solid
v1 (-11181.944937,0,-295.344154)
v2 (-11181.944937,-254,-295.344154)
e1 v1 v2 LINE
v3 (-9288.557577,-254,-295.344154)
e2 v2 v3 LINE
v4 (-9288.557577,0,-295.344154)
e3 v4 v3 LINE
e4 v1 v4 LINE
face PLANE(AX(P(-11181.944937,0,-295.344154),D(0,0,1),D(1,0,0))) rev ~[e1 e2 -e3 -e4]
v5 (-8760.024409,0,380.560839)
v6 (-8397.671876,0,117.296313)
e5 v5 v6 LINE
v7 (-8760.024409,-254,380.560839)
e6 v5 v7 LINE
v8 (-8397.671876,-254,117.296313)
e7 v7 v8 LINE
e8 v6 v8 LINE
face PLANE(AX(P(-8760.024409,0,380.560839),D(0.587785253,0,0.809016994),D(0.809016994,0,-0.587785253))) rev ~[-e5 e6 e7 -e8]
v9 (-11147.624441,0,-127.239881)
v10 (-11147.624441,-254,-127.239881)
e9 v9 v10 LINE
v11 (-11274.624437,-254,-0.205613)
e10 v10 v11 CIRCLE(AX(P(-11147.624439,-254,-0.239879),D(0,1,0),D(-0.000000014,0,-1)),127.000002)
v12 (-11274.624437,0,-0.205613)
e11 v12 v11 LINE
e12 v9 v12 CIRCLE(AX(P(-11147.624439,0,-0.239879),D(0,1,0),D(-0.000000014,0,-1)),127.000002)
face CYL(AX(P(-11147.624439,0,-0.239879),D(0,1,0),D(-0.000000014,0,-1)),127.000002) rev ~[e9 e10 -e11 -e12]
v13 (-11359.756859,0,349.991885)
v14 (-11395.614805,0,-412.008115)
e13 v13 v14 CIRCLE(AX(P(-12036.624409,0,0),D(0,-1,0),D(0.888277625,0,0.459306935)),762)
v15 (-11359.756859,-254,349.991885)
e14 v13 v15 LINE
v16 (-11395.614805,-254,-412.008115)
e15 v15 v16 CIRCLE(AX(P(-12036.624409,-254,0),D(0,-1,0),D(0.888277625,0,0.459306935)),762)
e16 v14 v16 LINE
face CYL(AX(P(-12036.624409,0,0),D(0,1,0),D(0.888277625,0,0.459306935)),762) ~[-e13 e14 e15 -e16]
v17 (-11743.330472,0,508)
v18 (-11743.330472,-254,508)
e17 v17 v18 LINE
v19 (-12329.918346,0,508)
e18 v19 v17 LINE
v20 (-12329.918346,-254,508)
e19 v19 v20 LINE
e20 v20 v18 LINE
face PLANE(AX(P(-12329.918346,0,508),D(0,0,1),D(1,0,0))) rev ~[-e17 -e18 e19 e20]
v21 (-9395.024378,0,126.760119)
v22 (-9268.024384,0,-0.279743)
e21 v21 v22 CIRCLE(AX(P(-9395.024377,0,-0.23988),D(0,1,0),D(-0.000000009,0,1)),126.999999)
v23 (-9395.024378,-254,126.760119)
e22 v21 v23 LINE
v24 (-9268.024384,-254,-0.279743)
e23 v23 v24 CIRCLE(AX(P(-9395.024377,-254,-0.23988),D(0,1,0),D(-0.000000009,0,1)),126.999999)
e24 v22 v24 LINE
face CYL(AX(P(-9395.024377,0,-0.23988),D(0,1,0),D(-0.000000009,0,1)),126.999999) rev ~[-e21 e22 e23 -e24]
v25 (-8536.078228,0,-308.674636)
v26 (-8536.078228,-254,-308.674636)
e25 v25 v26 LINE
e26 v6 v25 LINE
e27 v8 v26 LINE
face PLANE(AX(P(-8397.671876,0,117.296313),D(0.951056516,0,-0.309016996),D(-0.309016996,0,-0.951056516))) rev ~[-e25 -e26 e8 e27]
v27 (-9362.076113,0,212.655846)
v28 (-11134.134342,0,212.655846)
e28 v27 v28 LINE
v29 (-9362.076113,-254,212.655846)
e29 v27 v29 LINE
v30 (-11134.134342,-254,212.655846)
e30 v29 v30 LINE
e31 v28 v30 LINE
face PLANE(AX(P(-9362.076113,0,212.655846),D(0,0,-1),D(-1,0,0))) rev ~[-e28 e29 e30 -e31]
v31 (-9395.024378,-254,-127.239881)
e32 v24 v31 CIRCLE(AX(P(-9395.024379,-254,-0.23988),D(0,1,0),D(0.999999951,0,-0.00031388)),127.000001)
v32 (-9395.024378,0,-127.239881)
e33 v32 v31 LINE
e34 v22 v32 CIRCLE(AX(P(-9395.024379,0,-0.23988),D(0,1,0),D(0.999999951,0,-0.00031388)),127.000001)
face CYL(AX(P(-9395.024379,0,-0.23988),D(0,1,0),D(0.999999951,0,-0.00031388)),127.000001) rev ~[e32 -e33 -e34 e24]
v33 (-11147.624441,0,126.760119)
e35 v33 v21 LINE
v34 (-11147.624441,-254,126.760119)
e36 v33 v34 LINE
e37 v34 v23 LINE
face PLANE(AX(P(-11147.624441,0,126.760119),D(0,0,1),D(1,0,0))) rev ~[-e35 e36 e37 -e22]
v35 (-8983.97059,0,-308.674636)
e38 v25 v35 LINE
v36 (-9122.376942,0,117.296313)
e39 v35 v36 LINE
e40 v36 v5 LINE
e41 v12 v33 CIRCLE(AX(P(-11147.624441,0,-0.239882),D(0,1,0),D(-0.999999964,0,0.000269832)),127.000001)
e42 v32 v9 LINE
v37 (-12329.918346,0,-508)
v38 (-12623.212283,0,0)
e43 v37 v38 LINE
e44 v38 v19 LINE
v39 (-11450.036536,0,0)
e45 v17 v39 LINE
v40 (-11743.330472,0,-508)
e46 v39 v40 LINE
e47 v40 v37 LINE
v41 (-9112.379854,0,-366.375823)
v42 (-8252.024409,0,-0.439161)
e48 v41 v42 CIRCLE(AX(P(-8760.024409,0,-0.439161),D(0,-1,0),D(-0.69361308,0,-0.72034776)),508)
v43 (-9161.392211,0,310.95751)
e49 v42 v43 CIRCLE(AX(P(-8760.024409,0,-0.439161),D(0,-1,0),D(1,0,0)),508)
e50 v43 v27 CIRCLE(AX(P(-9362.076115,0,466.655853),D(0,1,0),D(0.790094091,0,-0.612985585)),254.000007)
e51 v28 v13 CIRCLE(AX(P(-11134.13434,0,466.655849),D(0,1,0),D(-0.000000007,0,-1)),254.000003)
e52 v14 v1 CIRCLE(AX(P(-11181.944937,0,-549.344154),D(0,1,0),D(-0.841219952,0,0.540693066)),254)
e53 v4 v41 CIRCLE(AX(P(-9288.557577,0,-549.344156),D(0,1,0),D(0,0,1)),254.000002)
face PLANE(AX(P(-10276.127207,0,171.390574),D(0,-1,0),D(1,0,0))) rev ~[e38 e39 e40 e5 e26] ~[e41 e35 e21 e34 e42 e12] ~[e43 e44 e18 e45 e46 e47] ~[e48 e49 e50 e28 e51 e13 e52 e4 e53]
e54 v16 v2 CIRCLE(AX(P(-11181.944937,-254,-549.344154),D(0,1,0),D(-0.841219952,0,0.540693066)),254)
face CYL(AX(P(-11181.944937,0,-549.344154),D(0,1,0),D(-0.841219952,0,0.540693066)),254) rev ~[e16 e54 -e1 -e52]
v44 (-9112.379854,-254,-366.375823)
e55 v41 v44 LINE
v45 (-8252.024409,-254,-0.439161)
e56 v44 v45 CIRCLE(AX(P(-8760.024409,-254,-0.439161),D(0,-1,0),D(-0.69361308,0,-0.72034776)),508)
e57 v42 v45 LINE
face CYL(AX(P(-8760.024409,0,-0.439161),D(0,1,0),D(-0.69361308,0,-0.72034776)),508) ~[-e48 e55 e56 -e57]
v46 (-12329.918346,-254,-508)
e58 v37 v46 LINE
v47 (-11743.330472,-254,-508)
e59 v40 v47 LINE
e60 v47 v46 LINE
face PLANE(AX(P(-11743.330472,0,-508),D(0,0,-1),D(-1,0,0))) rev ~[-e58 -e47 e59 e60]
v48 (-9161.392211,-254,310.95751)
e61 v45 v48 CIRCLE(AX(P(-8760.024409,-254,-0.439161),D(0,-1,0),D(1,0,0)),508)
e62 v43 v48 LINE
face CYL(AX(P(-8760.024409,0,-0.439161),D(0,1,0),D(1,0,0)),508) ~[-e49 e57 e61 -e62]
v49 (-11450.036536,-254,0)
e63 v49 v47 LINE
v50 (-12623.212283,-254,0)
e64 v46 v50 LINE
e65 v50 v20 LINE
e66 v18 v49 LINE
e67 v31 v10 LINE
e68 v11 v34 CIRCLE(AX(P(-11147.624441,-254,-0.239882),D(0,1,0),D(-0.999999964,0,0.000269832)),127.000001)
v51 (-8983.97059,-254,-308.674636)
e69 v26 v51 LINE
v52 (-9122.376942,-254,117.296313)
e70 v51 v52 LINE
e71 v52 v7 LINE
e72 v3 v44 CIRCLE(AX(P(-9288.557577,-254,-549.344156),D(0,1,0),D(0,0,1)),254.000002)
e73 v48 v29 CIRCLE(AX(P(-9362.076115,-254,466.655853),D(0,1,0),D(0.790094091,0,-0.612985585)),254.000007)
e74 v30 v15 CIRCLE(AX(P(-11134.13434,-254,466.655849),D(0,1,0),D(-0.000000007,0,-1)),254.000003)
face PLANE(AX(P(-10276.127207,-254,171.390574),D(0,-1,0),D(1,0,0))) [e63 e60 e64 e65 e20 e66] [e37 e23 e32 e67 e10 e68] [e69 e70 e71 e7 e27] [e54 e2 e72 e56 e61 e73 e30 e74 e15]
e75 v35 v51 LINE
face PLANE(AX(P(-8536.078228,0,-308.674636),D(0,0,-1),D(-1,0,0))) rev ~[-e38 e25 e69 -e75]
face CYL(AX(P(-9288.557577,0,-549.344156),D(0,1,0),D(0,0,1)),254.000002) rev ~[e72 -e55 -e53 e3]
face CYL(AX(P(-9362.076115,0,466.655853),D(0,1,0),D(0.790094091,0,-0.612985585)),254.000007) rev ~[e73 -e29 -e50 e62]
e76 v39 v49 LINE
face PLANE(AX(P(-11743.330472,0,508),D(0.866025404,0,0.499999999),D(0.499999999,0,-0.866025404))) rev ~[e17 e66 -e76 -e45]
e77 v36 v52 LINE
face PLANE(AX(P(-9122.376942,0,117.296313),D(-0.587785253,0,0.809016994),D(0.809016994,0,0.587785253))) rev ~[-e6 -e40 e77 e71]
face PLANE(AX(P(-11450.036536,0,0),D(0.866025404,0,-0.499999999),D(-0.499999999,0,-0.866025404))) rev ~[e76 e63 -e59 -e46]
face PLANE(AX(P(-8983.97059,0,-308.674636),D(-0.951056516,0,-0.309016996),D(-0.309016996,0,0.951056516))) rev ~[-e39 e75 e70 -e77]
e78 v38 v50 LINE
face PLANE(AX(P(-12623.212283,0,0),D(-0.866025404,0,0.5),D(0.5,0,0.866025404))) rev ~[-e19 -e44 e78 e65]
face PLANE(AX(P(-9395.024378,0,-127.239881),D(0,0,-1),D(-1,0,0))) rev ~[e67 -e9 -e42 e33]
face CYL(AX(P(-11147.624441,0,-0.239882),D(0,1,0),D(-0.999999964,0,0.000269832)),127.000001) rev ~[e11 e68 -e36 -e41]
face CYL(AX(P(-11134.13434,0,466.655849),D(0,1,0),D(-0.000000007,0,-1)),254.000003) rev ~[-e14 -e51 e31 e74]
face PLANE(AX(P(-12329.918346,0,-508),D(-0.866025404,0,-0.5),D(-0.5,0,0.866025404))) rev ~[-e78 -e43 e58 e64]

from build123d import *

# Parameters (mm, degrees)
F1_DEPTH = 254


with BuildPart() as f1:
    # F0 (on Front) → F1 (new body)
    with BuildSketch(Plane.XZ):
        with BuildLine():
            ThreePointArc((-11359.756859, 349.991885), (-11296.21335, 180.098482), (-11274.624409, 0))
            ThreePointArc((-11274.624409, 0), (-11274.624416, -0.102806), (-11274.624437, -0.205613))
            ThreePointArc((-11274.624437, -0.205613), (-11237.414886, 89.574795), (-11147.624441, 126.760119))
            Line((-11147.624441, 126.760119), (-9395.024378, 126.760119))
            ThreePointArc((-9395.024378, 126.760119), (-9305.207724, 89.548586), (-9268.024384, -0.279743))
            ThreePointArc((-9268.024384, -0.279743), (-9240.601765, 164.210176), (-9161.392211, 310.95751))
            ThreePointArc((-9161.392211, 310.95751), (-9250.342898, 238.55129), (-9362.076113, 212.655846))
            Line((-9362.076113, 212.655846), (-11134.134342, 212.655846))
            ThreePointArc((-11134.134342, 212.655846), (-11266.201283, 249.689667), (-11359.756859, 349.991885))
        make_face()
        with BuildLine():
            ThreePointArc((-11274.624437, -0.205613), (-11274.624416, -0.102806), (-11274.624409, 0))
            ThreePointArc((-11274.624409, 0), (-11296.21335, 180.098482), (-11359.756859, 349.991885))
            ThreePointArc((-11359.756859, 349.991885), (-12797.782112, 35.818309), (-11395.614805, -412.008115))
            ThreePointArc((-11395.614805, -412.008115), (-11305.526404, -214.801552), (-11274.624437, -0.205613))
        make_face()
        Polygon((-12329.918346, 508), (-11743.330472, 508), (-11450.036536, 0), (-11743.330472, -508), (-12329.918346, -508), (-12623.212283, 0), align=None, mode=Mode.SUBTRACT)
        with BuildLine():
            ThreePointArc((-8252.024409, -0.439161), (-8595.45048, 480.164024), (-9161.392211, 310.95751))
            ThreePointArc((-9161.392211, 310.95751), (-9240.601765, 164.210176), (-9268.024384, -0.279743))
            ThreePointArc((-9268.024384, -0.279743), (-9227.527829, -199.196684), (-9112.379854, -366.375823))
            ThreePointArc((-9112.379854, -366.375823), (-8561.193534, -467.911388), (-8252.024409, -0.439161))
        make_face()
        Polygon((-9122.376942, 117.296313), (-8760.024409, 380.560839), (-8397.671876, 117.296313), (-8536.078228, -308.674636), (-8983.97059, -308.674636), align=None, mode=Mode.SUBTRACT)
        with BuildLine():
            ThreePointArc((-11147.624441, -127.239881), (-11237.439117, -90.030325), (-11274.624437, -0.205613))
            ThreePointArc((-11274.624437, -0.205613), (-11305.526404, -214.801552), (-11395.614805, -412.008115))
            ThreePointArc((-11395.614805, -412.008115), (-11303.667256, -326.40991), (-11181.944937, -295.344154))
            Line((-11181.944937, -295.344154), (-9288.557577, -295.344154))
            ThreePointArc((-9288.557577, -295.344154), (-9193.578516, -313.770433), (-9112.379854, -366.375823))
            ThreePointArc((-9112.379854, -366.375823), (-9227.527829, -199.196684), (-9268.024384, -0.279743))
            ThreePointArc((-9268.024384, -0.279743), (-9305.235911, -90.056534), (-9395.024378, -127.239881))
            Line((-9395.024378, -127.239881), (-11147.624441, -127.239881))
        make_face()
    extrude(amount=F1_DEPTH)


solid = f1.part
